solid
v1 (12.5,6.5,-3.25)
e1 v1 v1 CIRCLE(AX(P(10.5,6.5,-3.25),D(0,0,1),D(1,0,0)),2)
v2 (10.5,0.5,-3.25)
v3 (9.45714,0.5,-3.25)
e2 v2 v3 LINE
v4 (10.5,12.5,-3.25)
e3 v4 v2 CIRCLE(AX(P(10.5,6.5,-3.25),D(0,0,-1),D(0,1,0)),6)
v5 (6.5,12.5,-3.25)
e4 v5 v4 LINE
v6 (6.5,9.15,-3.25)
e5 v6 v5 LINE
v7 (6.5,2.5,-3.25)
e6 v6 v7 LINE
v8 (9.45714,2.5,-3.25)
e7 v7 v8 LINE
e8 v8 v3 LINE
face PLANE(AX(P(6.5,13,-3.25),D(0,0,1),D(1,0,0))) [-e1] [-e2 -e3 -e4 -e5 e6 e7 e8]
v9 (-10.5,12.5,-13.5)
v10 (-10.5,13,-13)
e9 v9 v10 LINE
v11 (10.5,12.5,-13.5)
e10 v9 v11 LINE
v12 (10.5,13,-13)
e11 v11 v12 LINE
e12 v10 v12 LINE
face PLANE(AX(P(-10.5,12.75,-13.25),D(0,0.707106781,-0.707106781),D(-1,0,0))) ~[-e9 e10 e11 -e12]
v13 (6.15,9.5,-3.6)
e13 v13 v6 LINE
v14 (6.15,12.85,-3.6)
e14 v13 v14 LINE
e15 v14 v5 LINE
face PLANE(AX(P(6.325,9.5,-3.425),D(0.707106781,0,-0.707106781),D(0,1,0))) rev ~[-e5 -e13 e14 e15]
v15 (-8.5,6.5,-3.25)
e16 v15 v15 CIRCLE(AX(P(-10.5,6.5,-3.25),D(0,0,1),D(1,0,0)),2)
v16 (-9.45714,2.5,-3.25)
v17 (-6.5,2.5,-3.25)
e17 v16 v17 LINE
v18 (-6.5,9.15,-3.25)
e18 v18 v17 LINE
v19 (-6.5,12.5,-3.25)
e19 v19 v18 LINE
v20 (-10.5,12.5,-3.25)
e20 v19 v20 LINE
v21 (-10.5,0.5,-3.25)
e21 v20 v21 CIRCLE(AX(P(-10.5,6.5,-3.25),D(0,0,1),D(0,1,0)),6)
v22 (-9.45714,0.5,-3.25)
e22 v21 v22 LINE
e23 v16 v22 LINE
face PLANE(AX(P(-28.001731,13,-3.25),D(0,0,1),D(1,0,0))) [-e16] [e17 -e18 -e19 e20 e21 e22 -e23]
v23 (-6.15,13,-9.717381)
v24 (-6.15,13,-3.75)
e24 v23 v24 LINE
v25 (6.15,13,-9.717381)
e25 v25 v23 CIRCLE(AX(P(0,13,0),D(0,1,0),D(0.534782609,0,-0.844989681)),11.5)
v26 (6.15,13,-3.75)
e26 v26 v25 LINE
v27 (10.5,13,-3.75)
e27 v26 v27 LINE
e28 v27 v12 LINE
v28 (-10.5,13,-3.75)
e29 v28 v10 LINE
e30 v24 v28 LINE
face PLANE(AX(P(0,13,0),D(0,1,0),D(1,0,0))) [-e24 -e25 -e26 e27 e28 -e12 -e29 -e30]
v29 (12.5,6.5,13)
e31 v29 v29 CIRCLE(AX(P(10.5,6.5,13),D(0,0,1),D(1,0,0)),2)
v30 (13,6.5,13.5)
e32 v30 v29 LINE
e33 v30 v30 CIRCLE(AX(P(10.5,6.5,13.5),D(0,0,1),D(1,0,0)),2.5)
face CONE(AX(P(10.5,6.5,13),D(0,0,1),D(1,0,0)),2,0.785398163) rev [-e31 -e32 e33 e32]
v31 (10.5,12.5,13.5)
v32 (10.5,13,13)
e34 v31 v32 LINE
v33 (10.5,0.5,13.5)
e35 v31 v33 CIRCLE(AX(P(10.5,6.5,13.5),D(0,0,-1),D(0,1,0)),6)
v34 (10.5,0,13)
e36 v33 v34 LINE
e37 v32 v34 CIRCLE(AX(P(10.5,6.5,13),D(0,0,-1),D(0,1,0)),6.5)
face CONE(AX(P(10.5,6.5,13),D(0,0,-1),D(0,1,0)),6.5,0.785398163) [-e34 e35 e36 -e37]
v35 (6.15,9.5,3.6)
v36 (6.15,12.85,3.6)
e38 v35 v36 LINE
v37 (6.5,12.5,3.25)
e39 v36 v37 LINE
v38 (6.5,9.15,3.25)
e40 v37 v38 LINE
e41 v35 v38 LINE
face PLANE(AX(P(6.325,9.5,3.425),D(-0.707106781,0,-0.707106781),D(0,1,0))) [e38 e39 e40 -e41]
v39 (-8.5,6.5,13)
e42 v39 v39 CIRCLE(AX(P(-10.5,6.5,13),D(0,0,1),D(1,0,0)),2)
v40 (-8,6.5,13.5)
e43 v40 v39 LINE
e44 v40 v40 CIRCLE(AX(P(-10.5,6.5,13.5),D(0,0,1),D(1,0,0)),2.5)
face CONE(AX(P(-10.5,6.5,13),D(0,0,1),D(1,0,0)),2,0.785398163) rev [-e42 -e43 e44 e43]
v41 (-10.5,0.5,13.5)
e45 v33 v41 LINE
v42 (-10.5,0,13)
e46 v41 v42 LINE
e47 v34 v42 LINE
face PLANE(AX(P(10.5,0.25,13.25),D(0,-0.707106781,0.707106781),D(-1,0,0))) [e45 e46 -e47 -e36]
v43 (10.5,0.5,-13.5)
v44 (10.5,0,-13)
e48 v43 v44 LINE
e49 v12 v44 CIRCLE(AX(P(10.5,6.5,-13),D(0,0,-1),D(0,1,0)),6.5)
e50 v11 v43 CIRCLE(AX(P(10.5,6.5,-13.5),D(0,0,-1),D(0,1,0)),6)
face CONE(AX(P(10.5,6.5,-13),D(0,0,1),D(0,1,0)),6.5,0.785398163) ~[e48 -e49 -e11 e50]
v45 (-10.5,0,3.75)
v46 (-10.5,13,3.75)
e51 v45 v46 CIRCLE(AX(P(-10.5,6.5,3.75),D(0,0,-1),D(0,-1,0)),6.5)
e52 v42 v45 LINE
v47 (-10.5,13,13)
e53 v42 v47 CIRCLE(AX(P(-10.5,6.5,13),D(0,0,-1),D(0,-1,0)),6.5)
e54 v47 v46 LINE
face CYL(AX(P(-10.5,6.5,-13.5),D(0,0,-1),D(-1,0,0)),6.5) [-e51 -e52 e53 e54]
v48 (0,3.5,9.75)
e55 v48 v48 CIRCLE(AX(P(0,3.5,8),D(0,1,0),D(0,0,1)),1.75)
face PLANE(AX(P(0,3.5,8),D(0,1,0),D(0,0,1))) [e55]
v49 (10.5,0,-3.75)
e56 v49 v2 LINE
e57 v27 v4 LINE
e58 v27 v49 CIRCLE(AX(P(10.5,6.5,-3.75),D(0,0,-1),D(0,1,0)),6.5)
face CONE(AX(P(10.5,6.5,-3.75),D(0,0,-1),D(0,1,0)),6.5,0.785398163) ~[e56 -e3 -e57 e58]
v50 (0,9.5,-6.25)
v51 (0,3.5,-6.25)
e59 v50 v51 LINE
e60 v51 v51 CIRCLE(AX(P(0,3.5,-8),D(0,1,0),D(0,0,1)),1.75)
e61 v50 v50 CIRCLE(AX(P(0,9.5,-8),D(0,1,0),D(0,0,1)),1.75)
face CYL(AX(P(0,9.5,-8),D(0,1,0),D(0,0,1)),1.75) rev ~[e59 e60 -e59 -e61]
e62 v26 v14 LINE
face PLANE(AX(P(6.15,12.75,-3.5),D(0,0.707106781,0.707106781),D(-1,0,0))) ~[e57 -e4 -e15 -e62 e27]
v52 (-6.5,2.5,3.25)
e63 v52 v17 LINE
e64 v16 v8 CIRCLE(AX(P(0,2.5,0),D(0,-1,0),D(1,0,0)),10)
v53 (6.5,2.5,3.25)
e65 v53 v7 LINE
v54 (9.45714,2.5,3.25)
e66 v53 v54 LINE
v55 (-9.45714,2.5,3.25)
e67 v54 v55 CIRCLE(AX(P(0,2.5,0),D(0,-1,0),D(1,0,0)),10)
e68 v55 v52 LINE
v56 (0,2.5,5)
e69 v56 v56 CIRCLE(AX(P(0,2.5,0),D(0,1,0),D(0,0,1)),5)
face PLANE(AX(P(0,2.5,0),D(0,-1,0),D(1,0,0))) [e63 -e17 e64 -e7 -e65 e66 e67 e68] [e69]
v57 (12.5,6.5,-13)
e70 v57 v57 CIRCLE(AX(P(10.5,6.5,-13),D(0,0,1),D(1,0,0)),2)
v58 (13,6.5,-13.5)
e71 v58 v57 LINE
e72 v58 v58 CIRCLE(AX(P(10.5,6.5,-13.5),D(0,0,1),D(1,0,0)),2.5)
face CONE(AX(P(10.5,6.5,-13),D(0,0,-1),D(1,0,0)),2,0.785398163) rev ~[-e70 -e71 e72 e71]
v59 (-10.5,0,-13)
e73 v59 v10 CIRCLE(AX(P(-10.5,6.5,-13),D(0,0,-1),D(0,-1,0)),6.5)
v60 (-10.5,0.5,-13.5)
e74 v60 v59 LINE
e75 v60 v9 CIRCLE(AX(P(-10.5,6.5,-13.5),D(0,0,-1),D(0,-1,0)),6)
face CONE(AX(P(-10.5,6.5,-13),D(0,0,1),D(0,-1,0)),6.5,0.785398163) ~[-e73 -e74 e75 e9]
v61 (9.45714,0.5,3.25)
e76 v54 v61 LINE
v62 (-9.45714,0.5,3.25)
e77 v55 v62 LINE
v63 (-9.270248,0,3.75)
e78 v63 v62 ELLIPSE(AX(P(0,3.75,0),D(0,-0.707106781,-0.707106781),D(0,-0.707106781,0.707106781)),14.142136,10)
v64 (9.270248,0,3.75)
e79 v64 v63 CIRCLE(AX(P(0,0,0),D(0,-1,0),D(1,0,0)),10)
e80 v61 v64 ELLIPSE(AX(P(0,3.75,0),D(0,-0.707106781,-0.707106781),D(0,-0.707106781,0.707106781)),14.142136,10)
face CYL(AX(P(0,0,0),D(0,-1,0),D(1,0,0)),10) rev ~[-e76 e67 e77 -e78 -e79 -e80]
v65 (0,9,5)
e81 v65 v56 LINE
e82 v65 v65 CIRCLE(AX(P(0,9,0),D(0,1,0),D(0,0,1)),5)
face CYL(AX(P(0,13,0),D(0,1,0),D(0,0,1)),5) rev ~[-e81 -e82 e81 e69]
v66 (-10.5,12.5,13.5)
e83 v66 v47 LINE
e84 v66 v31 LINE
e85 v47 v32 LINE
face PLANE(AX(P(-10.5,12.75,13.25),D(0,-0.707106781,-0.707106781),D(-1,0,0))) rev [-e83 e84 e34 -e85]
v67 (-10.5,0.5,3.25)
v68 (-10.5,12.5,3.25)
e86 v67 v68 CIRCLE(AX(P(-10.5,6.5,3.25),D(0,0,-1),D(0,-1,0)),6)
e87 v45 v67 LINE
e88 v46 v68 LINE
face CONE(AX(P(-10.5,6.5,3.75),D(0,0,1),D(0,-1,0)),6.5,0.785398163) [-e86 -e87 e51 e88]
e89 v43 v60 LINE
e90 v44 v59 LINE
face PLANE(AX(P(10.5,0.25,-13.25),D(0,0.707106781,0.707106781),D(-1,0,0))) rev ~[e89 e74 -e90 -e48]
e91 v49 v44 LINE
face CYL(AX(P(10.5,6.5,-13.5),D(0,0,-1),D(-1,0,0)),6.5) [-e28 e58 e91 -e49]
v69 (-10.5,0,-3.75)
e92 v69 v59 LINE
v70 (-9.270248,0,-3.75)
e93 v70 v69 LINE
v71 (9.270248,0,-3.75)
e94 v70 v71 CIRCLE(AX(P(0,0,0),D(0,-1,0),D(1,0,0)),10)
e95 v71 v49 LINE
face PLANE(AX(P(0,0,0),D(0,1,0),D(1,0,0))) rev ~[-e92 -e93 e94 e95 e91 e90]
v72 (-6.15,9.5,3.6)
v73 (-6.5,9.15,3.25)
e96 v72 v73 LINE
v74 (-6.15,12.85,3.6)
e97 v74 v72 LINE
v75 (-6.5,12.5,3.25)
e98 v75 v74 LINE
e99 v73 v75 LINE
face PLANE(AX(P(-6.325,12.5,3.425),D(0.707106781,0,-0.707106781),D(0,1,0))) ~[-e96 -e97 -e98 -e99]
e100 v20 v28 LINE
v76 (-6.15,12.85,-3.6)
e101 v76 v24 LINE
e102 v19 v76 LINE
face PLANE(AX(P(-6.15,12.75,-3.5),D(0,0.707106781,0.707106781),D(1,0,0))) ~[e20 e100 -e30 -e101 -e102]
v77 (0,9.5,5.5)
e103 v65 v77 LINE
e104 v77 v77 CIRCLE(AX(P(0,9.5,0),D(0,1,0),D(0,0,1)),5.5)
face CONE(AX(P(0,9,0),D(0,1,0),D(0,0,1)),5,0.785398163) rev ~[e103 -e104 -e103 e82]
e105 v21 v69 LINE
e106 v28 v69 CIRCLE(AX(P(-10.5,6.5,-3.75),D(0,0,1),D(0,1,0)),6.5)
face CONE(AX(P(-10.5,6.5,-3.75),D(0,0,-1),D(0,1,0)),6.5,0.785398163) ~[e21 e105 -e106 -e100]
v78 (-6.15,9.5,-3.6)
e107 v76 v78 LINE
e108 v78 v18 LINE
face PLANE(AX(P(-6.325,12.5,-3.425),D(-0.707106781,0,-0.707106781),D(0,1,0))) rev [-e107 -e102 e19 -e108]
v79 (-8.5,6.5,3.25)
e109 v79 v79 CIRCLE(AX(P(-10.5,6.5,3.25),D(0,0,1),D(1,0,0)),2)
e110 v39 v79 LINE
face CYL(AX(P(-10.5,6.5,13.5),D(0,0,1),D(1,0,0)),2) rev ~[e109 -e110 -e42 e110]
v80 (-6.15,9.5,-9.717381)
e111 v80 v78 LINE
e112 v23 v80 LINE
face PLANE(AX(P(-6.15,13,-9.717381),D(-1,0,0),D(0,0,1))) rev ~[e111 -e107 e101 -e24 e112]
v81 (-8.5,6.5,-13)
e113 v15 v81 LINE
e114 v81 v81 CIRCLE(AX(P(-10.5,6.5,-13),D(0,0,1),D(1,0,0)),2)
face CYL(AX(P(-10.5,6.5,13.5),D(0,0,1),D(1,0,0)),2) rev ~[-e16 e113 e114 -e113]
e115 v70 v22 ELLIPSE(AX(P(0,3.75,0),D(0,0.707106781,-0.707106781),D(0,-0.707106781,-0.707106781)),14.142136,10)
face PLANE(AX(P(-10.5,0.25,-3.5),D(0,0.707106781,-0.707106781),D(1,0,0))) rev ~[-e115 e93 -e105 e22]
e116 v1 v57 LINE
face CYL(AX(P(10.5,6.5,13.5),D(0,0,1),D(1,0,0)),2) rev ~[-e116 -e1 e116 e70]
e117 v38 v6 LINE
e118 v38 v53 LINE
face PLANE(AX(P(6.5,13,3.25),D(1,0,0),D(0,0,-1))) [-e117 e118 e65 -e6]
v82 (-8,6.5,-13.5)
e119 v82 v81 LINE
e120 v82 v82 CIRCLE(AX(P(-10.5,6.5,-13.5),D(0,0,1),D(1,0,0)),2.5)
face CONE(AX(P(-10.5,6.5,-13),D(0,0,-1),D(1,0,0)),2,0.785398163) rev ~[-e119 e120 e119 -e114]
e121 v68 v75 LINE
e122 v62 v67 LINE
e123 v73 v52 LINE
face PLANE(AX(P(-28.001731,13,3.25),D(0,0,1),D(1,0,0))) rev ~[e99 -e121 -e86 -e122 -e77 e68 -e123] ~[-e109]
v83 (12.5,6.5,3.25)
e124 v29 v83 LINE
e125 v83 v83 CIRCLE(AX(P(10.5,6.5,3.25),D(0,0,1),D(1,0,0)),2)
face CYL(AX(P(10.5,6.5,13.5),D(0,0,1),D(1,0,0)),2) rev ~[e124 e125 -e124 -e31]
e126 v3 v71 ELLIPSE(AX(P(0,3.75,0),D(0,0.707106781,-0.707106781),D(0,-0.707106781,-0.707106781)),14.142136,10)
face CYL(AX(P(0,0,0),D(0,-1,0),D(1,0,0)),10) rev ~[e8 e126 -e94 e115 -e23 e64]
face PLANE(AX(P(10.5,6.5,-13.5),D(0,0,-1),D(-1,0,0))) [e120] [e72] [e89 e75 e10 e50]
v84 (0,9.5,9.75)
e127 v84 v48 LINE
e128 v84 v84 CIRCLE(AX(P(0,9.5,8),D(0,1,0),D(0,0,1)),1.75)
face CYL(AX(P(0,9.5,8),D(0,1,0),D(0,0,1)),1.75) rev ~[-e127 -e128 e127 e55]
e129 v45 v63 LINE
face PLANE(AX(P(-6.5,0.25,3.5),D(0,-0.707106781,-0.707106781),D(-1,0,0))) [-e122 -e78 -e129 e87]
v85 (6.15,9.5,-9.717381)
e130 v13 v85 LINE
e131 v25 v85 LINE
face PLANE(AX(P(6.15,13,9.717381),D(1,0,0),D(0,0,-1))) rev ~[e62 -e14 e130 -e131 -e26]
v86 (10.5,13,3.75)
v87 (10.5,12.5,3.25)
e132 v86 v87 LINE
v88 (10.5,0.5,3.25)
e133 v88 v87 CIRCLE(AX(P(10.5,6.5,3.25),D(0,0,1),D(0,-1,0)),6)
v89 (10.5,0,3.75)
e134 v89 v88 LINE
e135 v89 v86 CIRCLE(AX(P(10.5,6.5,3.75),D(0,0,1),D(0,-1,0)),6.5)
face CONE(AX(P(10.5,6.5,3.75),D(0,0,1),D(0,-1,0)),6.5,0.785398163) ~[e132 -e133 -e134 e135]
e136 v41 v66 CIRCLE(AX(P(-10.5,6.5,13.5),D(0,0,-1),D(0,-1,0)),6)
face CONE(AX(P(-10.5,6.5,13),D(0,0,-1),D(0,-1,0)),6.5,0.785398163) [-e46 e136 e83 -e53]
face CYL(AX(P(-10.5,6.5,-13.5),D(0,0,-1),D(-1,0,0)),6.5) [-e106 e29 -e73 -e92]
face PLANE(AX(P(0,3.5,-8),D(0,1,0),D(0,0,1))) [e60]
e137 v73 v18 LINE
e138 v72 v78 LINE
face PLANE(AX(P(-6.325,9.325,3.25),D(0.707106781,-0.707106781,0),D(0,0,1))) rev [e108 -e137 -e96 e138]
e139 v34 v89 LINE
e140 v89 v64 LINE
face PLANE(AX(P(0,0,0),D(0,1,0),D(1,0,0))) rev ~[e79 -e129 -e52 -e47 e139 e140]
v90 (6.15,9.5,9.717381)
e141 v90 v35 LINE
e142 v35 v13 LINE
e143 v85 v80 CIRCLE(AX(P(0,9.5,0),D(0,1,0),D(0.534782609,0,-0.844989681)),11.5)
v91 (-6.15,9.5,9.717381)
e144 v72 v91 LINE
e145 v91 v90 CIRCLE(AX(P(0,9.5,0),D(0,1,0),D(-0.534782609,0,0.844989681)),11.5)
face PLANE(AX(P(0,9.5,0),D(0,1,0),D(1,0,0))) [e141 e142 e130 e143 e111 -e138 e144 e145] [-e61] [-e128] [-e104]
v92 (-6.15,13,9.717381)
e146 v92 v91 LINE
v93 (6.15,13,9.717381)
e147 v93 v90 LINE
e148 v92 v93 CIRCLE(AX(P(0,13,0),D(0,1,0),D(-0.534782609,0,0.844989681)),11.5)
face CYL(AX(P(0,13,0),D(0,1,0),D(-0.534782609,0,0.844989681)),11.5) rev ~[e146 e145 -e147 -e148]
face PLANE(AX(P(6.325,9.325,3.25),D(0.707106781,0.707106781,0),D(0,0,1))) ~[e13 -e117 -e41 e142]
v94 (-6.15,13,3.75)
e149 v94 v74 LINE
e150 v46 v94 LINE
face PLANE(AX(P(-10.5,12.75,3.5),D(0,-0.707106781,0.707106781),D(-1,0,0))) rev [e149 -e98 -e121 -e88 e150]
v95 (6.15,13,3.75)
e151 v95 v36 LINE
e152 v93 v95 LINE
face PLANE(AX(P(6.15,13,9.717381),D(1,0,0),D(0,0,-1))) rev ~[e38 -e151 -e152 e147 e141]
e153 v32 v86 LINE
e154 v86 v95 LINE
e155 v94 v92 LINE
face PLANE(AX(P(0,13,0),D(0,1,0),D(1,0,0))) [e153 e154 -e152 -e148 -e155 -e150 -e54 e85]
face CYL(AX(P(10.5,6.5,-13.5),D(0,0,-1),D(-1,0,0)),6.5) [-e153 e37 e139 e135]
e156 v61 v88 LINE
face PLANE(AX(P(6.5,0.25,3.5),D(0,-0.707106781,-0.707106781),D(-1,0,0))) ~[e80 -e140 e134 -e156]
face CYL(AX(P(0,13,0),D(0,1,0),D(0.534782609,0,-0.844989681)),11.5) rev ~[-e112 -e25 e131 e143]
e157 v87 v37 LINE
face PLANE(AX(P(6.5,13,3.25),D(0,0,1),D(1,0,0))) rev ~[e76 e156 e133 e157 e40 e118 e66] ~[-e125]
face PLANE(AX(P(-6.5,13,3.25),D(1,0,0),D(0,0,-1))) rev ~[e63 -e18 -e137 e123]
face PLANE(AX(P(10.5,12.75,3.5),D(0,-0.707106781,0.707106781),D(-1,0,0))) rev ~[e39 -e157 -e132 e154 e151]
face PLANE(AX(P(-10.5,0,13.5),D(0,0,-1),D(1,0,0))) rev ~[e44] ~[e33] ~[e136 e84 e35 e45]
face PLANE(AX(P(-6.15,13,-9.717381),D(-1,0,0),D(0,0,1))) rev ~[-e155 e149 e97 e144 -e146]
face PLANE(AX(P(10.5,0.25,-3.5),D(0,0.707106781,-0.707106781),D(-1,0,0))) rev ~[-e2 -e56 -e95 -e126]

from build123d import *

# Parameters (mm, degrees)
SKETCH1_W           = 21
SKETCH1_H           = 27
BOSS_EXTRUDE1_DEPTH = 13
SKETCH8_R           = 6.5
BOSS_EXTRUDE2_DEPTH = 27
SKETCH2_R           = 5
CUT_EXTRUDE1_DEPTH  = 13
SKETCH3_W           = 21.50173114
SKETCH3_H           = 6.5
CUT_EXTRUDE2_DEPTH  = 13
SKETCH7_W           = 13
SKETCH7_H           = 6.5
CUT_EXTRUDE7_DEPTH  = 3.5
SKETCH4_R           = 2
CUT_EXTRUDE3_DEPTH  = 35
CUT_EXTRUDE4_DEPTH  = 3.5
SKETCH6_R           = 1.75
CUT_EXTRUDE5_DEPTH  = 6
CHAMFER1_SIZE       = 0.5
CHAMFER2_SIZE       = 0.35
CHAMFER3_SIZE       = 0.35
SKETCH9_R           = 10
CUT_EXTRUDE8_DEPTH  = 2.5


with BuildPart() as part:
    # Sketch1 → Boss-Extrude1 (new body)
    with BuildSketch(Plane(origin=(0, 0, 0), x_dir=(1, 0, 0), z_dir=(0, 1, 0))):
        Rectangle(SKETCH1_W, SKETCH1_H)
    extrude(amount=BOSS_EXTRUDE1_DEPTH)

    # Sketch8 → Boss-Extrude2 (add)
    with BuildSketch(Plane(origin=(0, 0, -13.5), x_dir=(-1, 0, 0), z_dir=(0, 0, -1))):
        with Locations((-10.5, 6.5)):
            Circle(SKETCH8_R)
        with Locations((10.5, 6.5)):
            Circle(SKETCH8_R)
    extrude(amount=-BOSS_EXTRUDE2_DEPTH)

    # Sketch2 → Cut-Extrude1 (cut)
    with BuildSketch(Plane(origin=(0, 13, 0), x_dir=(1, 0, 0), z_dir=(0, 1, 0))):
        with Locations(Location((0, 0, 0), (0, 0, 270))):
            Circle(SKETCH2_R)
    extrude(amount=-CUT_EXTRUDE1_DEPTH, mode=Mode.SUBTRACT)

    # Sketch3 → Cut-Extrude2 (cut)
    with BuildSketch(Plane(origin=(0, 13, 0), x_dir=(1, 0, 0), z_dir=(0, 1, 0))):
        with Locations((17.25086557, 0)):
            Rectangle(SKETCH3_W, SKETCH3_H)
        with Locations((-17.25086557, 0)):
            Rectangle(SKETCH3_W, SKETCH3_H)
    extrude(amount=-CUT_EXTRUDE2_DEPTH, mode=Mode.SUBTRACT)

    # Sketch7 → Cut-Extrude7 (cut)
    with BuildSketch(Plane(origin=(0, 13, 0), x_dir=(1, 0, 0), z_dir=(0, 1, 0))):
        Rectangle(SKETCH7_W, SKETCH7_H)
    extrude(amount=-CUT_EXTRUDE7_DEPTH, mode=Mode.SUBTRACT)

    # Sketch4 → Cut-Extrude3 (cut)
    with BuildSketch(Plane.XY.offset(13.5)):
        with Locations((-10.5, 6.5)):
            Circle(SKETCH4_R)
        with Locations((10.5, 6.5)):
            Circle(SKETCH4_R)
    extrude(amount=-CUT_EXTRUDE3_DEPTH, mode=Mode.SUBTRACT)

    # Sketch5 → Cut-Extrude4 (cut)
    with BuildSketch(Plane(origin=(0, 13, 0), x_dir=(1, 0, 0), z_dir=(0, 1, 0))):
        with BuildLine():
            Line((-6.15, 9.717381334), (-6.15, -9.717381334))
            ThreePointArc((-6.15, -9.717381334), (0, -11.5), (6.15, -9.717381334))
            Line((6.15, -9.717381334), (6.15, 9.717381334))
            ThreePointArc((6.15, 9.717381334), (0, 11.5), (-6.15, 9.717381334))
        make_face()
    extrude(amount=-CUT_EXTRUDE4_DEPTH, mode=Mode.SUBTRACT)

    # Sketch6 → Cut-Extrude5 (cut)
    with BuildSketch(Plane(origin=(0, 9.5, 0), x_dir=(1, 0, 0), z_dir=(0, 1, 0))):
        with Locations(Location((0, 8, 0), (0, 0, 270))):
            Circle(SKETCH6_R)
        with Locations(Location((0, -8, 0), (0, 0, 270))):
            Circle(SKETCH6_R)
    extrude(amount=-CUT_EXTRUDE5_DEPTH, mode=Mode.SUBTRACT)

    # Chamfer1
    chamfer1_edges = [part.edges().sort_by_distance(p)[0] for p in [
        (-12.5, 6.5, -13.5),
        (-12.5, 6.5, 13.5),
        (8.5, 6.5, -13.5),
        (8.5, 6.5, 13.5),
        (8.325, 13, 3.25),
        (-8.325, 13, -3.25),
        (17, 6.5, -13.5),
        (17, 6.5, 13.5),
        (0, 13, 13.5),
        (-17, 6.5, -13.5),
        (-17, 6.5, 13.5),
        (0, 0, -5),
        (-17, 6.5, -3.25),
        (-17, 6.5, 3.25),
        (17, 6.5, -3.25),
        (17, 6.5, 3.25),
        (8.5, 0, 3.25),
        (8.5, 0, -3.25),
        (8.325, 13, -3.25),
        (0, 0, 13.5),
        (-8.5, 0, 3.25),
        (-8.5, 0, -3.25),
        (0, 0, -13.5),
        (-8.325, 13, 3.25),
        (0, 9.5, -5),
        (0, 13, -13.5),
    ]]
    chamfer(chamfer1_edges, length=CHAMFER1_SIZE)

    # Chamfer2
    chamfer2_edges = [part.edges().sort_by_distance(p)[0] for p in [
        (6.15, 11, 3.25),
        (6.15, 11, -3.25),
        (-6.15, 11, -3.25),
        (-6.15, 11, 3.25),
    ]]
    chamfer(chamfer2_edges, length=CHAMFER2_SIZE)

    # Chamfer3
    chamfer3_edges = [part.edges().sort_by_distance(p)[0] for p in [
        (6.5, 9.5, 0),
        (-6.5, 9.5, 0),
        (-6.5, 0, 0),
        (6.5, 0, 0),
    ]]
    chamfer(chamfer3_edges, length=CHAMFER3_SIZE)

    # Sketch9 → Cut-Extrude8 (cut)
    with BuildSketch(Plane.XZ):
        Circle(SKETCH9_R)
    extrude(amount=-CUT_EXTRUDE8_DEPTH, mode=Mode.SUBTRACT)


solid = part.part
